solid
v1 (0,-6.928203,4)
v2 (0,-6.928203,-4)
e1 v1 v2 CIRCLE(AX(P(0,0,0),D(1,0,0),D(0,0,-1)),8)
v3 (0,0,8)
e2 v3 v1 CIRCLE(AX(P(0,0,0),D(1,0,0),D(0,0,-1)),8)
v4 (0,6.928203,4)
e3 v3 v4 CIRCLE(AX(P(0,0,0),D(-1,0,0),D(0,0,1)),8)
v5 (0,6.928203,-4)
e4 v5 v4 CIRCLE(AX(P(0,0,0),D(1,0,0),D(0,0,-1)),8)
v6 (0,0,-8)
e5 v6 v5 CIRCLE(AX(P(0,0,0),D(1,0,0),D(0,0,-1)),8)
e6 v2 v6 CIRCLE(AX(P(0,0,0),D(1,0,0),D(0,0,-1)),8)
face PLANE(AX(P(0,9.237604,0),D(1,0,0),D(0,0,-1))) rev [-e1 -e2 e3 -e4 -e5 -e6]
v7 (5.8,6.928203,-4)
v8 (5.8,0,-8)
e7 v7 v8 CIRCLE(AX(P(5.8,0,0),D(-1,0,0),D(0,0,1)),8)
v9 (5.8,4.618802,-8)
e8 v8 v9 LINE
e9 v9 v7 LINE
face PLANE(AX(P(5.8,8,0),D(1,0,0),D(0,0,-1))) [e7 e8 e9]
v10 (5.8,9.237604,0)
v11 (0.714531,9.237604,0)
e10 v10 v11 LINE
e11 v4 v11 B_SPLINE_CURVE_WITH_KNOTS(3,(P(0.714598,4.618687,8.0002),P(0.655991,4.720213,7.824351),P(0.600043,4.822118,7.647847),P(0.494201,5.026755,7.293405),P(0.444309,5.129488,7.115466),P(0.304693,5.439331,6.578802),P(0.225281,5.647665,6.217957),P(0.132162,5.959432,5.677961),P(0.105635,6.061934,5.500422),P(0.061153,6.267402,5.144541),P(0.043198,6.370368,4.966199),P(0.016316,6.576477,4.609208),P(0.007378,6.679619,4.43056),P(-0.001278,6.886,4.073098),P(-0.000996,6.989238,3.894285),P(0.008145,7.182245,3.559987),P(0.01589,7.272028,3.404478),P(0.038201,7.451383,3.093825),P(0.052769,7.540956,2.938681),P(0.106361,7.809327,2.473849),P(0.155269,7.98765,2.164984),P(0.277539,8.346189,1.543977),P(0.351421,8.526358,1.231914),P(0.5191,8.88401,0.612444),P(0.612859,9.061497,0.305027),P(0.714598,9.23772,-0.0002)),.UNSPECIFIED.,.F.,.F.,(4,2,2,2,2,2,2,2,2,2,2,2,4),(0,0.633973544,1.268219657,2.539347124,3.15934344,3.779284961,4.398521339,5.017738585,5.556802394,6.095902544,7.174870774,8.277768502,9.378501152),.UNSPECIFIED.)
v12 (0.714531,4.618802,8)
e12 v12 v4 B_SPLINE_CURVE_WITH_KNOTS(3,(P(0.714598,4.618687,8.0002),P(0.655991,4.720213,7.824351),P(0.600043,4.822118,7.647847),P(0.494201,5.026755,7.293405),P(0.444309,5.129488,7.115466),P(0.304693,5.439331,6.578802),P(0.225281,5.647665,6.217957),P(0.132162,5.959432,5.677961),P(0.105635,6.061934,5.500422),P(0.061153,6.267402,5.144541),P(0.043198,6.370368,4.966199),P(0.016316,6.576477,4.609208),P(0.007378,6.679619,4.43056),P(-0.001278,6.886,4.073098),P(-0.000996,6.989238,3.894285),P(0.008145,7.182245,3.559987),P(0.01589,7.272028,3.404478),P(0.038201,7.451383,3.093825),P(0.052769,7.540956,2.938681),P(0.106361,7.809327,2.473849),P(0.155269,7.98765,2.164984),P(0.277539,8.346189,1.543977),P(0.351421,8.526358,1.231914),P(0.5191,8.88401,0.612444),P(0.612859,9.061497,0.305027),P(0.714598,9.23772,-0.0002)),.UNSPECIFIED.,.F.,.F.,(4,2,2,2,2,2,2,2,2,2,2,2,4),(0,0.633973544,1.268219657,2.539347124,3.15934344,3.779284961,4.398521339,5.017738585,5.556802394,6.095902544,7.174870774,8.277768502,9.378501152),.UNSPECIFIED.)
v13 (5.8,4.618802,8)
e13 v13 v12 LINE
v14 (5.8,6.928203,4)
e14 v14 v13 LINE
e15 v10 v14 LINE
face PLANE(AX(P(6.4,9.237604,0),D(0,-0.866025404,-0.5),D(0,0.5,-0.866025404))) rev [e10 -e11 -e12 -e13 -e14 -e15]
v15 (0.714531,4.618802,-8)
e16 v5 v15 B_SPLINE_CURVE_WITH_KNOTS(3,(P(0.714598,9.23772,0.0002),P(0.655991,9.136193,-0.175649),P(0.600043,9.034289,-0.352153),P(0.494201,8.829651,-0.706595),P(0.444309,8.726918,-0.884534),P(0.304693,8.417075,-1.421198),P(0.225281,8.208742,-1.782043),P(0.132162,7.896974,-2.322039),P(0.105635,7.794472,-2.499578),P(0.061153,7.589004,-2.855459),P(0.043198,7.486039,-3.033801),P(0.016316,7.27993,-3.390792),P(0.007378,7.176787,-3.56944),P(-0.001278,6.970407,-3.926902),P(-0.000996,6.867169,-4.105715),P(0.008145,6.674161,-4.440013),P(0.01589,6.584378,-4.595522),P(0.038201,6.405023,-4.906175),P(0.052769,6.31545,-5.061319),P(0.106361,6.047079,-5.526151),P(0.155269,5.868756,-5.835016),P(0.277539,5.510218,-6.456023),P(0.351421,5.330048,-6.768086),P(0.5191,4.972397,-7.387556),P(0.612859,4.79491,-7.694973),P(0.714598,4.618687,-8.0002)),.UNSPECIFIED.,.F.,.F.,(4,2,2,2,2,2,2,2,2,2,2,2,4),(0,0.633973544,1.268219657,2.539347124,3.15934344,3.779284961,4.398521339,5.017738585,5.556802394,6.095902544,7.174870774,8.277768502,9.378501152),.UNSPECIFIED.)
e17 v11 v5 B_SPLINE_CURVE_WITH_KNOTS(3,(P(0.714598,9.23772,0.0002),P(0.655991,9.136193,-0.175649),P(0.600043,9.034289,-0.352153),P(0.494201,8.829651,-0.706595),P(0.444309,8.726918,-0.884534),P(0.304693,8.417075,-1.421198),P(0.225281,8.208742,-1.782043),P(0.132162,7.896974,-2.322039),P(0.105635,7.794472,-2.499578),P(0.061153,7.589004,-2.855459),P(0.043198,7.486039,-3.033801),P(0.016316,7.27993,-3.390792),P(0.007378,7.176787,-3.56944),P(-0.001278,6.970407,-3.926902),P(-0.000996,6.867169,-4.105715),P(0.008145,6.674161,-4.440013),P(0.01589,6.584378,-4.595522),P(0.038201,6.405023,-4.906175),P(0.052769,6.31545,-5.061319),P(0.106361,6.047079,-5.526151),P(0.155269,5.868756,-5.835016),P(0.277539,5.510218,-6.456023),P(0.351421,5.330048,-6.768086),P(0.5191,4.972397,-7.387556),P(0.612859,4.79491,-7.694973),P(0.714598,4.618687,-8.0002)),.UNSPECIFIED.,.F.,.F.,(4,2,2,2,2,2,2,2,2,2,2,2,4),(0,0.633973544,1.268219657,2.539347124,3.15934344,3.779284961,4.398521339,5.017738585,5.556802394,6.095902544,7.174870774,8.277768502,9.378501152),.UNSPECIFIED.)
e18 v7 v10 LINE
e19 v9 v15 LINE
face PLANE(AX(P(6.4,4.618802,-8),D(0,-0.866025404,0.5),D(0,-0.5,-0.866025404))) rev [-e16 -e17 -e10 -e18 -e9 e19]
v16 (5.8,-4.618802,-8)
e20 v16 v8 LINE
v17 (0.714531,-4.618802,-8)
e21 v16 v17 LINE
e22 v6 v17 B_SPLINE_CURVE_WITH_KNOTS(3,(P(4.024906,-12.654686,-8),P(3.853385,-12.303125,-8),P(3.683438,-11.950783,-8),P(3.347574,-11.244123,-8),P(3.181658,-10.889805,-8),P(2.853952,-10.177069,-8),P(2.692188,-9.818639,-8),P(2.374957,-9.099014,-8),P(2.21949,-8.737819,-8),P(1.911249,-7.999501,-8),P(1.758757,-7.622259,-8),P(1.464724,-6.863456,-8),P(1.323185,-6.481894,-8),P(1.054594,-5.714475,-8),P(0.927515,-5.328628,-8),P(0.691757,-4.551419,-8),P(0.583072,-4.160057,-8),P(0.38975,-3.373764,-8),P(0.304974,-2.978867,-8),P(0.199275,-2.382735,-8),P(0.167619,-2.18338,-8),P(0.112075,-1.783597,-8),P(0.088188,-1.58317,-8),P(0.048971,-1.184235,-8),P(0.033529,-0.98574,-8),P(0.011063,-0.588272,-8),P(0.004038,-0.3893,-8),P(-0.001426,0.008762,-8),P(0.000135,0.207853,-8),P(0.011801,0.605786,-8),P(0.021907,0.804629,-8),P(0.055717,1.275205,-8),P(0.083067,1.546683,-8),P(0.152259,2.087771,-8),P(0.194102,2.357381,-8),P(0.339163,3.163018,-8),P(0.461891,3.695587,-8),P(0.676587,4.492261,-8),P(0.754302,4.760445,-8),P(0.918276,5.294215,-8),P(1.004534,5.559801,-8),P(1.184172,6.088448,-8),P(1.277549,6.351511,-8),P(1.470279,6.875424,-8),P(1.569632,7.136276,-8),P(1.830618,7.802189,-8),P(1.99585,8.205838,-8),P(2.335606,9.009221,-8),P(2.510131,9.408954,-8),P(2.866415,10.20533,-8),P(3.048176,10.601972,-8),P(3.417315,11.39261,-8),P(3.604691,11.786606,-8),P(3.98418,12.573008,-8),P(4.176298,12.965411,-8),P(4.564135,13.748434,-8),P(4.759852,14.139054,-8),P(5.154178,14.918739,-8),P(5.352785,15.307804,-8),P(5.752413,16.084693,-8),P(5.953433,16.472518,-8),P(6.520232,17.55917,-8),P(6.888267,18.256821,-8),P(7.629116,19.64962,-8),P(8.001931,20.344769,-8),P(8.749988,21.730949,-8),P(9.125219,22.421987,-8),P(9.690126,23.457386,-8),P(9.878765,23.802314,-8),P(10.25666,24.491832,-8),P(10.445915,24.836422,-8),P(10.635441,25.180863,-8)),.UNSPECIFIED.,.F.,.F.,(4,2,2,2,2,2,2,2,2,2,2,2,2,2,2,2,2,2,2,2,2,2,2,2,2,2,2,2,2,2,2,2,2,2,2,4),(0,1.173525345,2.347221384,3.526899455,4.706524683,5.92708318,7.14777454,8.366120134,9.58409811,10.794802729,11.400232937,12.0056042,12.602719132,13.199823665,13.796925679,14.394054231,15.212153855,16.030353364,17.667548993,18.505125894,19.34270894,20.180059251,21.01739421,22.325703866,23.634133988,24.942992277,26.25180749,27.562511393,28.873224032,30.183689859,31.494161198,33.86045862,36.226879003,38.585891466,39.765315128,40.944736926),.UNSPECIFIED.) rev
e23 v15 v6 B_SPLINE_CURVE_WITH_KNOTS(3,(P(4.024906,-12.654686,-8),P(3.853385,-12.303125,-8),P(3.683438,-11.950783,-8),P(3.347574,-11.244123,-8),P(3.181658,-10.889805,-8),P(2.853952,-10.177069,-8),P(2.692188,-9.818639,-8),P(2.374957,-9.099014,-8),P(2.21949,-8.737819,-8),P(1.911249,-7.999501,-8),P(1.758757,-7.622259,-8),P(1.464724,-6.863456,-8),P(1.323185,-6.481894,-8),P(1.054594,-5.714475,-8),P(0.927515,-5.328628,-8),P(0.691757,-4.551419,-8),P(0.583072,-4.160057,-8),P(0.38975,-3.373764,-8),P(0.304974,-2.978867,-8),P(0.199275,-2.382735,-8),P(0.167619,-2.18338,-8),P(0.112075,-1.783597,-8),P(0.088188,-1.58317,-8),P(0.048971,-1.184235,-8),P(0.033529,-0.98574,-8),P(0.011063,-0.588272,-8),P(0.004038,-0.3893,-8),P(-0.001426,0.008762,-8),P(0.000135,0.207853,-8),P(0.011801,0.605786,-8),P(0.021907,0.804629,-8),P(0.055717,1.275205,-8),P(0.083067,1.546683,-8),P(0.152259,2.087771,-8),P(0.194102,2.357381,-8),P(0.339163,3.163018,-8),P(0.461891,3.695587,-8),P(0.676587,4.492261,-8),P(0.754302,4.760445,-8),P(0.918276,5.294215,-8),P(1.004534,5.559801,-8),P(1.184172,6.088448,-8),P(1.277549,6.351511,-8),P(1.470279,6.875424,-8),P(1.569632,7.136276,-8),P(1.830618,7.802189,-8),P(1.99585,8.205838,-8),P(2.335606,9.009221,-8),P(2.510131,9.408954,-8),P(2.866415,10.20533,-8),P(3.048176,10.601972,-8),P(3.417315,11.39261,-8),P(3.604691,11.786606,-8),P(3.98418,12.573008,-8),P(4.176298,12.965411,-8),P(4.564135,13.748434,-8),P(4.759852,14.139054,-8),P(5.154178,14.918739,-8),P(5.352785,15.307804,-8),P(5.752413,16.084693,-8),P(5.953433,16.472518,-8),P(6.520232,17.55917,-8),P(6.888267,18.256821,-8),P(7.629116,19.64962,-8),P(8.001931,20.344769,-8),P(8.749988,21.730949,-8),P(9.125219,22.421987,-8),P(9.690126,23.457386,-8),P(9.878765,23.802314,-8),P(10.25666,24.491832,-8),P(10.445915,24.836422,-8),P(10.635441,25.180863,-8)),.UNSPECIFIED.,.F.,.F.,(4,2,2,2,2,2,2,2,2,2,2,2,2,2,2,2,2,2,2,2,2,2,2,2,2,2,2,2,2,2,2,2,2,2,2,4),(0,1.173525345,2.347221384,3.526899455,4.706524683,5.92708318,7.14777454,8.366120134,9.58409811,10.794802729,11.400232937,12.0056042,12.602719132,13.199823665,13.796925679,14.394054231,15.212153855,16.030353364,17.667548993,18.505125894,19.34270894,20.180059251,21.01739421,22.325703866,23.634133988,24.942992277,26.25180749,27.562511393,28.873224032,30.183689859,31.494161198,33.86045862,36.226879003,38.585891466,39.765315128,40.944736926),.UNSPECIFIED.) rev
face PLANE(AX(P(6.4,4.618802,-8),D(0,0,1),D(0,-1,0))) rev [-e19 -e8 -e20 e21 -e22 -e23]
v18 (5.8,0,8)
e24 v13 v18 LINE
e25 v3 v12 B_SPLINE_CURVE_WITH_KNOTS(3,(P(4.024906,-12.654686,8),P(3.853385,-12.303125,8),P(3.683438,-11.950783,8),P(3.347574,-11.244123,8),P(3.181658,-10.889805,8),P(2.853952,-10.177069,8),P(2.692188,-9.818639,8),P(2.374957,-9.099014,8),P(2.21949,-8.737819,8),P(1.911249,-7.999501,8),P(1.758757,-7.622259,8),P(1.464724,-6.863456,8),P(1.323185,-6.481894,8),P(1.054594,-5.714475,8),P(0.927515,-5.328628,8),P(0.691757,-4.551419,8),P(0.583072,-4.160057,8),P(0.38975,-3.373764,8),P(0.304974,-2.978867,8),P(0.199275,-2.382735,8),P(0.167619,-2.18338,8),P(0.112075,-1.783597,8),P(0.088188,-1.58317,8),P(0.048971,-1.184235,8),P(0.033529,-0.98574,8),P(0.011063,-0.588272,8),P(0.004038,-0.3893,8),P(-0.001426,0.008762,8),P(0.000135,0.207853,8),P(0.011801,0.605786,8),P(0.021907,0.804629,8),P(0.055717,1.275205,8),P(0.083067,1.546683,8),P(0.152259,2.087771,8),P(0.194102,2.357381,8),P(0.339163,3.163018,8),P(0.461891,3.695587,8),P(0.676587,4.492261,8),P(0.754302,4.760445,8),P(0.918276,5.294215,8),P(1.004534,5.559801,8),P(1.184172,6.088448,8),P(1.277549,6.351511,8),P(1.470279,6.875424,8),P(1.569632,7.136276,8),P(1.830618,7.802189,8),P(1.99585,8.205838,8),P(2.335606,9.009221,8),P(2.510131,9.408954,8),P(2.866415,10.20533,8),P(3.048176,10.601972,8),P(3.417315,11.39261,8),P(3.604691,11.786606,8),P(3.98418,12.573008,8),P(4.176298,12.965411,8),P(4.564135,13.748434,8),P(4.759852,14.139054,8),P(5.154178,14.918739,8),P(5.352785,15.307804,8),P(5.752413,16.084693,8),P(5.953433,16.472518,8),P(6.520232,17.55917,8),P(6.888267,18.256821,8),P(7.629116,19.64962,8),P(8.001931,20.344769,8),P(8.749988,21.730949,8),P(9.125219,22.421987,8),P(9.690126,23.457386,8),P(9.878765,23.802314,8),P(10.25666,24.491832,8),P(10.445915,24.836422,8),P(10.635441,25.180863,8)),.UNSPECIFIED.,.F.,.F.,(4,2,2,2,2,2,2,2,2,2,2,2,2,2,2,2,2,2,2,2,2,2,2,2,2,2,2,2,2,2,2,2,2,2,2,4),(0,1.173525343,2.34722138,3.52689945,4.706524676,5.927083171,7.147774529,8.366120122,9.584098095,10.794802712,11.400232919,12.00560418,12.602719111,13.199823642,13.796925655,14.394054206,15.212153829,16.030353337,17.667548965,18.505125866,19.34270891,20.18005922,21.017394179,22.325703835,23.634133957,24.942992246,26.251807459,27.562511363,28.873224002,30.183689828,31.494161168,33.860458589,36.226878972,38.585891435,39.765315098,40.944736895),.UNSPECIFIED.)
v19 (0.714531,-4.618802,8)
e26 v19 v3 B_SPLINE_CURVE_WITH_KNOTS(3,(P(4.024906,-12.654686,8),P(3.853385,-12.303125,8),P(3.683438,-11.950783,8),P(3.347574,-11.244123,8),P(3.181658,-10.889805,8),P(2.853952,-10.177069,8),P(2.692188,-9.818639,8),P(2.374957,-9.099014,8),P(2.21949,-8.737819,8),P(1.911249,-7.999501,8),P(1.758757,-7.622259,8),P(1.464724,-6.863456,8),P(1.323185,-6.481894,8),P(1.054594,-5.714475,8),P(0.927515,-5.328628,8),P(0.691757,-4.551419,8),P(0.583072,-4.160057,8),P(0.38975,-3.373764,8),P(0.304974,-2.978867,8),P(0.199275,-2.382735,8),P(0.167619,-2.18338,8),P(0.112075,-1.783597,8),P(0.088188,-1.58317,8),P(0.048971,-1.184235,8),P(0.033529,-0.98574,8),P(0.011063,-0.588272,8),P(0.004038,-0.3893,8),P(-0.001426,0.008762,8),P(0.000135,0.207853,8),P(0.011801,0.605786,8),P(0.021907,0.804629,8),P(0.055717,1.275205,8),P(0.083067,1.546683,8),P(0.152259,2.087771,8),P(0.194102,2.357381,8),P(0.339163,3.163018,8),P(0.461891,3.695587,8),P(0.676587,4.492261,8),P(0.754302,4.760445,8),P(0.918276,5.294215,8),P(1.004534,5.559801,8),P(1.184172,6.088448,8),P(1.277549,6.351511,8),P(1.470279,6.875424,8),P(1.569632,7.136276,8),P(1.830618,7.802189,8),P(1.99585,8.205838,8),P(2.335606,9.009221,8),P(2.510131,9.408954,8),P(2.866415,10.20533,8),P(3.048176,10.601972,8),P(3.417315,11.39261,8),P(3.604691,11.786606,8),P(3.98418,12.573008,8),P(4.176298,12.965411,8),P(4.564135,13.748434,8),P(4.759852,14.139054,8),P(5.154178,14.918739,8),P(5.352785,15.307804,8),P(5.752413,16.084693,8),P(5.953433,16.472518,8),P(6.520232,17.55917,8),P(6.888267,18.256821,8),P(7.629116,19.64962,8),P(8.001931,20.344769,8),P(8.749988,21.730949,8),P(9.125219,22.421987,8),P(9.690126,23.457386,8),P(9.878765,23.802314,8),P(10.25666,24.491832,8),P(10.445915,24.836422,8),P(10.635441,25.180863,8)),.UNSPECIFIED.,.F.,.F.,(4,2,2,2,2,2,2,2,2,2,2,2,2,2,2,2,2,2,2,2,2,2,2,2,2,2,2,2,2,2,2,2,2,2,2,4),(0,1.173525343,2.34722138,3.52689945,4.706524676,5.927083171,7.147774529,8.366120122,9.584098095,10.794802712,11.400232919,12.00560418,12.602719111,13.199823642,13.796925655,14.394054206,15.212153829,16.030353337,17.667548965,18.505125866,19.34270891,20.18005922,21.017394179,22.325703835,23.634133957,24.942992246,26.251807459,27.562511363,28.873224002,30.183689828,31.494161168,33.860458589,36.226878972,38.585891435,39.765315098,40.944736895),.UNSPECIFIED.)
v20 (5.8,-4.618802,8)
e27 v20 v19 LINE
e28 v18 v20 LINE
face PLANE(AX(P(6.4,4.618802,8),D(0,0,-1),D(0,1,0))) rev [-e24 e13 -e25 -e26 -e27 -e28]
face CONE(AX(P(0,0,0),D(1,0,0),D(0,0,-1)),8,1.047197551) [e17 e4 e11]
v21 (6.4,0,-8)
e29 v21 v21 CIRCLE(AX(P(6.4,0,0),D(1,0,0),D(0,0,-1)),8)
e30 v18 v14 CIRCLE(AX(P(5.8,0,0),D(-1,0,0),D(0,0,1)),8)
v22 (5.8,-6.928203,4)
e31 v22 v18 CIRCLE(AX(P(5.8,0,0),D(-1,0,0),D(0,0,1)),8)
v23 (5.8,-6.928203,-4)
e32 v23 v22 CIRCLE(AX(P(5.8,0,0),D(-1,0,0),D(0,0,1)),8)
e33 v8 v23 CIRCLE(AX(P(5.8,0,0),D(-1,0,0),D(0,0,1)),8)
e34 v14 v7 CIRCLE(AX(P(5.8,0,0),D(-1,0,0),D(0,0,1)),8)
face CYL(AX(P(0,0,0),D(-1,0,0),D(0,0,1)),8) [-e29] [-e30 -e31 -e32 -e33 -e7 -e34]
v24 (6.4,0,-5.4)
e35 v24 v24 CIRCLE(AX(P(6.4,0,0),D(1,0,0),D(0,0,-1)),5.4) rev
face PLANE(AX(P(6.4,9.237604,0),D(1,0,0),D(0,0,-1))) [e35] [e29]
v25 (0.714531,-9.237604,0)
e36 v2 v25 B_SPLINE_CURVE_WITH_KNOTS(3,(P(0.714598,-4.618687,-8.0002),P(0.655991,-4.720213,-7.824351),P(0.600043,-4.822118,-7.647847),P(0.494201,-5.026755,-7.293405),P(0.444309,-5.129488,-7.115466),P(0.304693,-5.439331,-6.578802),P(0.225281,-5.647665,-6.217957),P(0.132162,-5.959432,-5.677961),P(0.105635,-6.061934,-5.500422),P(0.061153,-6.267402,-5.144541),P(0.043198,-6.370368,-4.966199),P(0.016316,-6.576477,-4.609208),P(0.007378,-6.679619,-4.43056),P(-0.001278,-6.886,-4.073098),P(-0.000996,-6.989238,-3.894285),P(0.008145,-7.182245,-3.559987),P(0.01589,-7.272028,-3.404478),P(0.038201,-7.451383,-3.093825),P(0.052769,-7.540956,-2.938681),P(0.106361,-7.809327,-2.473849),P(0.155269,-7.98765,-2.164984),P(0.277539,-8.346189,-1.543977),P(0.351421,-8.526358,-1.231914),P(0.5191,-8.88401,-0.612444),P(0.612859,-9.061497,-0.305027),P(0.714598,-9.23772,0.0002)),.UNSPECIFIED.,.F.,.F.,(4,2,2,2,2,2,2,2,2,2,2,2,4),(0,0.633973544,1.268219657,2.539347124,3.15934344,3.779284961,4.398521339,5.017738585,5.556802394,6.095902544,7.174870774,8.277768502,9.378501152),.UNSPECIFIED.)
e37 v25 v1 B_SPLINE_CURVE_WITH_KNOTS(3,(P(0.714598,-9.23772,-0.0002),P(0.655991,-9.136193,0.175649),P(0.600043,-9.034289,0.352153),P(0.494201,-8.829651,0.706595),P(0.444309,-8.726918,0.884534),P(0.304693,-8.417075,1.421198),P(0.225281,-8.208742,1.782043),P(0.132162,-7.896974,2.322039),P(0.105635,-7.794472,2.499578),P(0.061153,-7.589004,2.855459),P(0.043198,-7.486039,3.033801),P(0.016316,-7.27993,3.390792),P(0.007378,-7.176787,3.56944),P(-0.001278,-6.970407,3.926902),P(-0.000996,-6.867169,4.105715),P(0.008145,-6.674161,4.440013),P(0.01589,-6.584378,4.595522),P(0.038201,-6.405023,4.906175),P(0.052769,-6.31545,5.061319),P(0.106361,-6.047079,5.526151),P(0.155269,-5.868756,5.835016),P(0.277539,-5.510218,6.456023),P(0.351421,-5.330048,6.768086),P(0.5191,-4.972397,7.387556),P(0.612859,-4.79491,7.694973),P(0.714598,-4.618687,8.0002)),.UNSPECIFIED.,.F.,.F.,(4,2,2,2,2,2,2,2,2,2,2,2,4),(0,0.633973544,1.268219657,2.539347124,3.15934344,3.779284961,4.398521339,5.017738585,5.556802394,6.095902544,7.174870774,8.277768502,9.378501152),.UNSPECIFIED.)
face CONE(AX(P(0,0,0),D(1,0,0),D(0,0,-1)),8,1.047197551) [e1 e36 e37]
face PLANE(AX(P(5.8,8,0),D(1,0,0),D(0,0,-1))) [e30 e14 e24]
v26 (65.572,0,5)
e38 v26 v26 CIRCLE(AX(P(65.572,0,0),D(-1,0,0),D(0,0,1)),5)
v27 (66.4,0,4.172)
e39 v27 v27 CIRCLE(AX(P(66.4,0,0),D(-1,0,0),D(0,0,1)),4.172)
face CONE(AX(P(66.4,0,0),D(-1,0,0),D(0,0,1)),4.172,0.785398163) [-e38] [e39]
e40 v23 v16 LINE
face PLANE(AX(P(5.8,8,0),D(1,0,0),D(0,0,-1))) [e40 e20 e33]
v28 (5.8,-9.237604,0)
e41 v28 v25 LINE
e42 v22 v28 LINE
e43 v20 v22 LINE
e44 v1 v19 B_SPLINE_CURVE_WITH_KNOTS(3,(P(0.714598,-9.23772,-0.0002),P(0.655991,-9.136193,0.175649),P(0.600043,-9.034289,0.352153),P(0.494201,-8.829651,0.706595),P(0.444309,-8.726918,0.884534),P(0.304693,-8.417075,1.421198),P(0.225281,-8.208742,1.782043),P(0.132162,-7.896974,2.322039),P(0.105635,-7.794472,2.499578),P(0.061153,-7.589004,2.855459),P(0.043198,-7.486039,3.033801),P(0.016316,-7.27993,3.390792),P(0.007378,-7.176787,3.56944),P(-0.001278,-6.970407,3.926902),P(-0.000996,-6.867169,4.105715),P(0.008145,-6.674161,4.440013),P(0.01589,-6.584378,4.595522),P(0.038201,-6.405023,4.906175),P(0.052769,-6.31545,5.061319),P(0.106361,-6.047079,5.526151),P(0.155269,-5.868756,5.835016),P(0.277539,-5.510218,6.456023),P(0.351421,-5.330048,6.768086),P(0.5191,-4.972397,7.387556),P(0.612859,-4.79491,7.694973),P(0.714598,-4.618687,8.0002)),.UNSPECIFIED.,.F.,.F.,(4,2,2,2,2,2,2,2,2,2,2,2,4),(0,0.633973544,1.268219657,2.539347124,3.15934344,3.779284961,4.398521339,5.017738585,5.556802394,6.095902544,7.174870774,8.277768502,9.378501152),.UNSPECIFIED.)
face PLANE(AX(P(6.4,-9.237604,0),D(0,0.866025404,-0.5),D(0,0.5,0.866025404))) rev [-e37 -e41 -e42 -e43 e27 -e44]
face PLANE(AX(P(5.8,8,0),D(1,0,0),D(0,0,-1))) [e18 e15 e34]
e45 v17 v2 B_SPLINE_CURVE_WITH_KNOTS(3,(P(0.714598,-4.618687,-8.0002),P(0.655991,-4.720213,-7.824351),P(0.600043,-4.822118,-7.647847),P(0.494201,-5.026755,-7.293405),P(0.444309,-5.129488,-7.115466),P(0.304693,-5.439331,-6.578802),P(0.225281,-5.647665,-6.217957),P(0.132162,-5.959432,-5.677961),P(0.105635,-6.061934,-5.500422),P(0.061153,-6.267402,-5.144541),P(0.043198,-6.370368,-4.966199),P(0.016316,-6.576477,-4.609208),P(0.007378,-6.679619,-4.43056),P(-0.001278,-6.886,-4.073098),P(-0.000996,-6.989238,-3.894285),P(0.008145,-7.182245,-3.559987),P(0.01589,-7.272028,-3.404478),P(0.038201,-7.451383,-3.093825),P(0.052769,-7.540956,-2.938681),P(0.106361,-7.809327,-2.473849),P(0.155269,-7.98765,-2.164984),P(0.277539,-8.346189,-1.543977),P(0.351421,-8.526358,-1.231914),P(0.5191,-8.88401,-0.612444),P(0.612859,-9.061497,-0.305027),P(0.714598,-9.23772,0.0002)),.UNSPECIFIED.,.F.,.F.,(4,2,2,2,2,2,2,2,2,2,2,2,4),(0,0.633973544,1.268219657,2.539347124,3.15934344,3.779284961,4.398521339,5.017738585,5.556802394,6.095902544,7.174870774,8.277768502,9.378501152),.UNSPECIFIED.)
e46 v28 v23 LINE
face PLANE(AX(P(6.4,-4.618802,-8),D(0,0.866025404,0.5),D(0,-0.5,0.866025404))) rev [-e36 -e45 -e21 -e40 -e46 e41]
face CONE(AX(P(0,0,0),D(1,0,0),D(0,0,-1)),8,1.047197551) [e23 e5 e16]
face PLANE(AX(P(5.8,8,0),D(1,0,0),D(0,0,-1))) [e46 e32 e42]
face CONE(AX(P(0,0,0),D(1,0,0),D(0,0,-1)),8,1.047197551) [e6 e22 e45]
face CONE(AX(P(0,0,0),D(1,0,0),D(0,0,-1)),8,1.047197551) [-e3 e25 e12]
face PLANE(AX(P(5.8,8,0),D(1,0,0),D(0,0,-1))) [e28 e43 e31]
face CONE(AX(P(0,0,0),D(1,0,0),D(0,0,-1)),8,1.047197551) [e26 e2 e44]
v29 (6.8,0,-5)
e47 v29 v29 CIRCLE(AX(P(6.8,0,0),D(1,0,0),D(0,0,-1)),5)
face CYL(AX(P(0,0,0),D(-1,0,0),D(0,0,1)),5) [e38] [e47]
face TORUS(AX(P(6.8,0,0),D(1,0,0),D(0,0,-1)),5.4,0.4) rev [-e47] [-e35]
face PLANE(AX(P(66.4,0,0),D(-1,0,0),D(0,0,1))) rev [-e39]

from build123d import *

# Parameters (mm, degrees)
BASEHEAD_DEPTH = 6.4
HEADFILLET_R   = 0.4
SKETCH4_W      = 0.6
SKETCH4_H      = 11.237604307


with BuildPart() as part:
    # Sketch1 → BaseHead (new body)
    with BuildSketch(Plane(origin=(0, 0, 0), x_dir=(0, 0, -1), z_dir=(1, 0, 0))):
        Polygon((8, 4.618802154), (8, -4.618802154), (0, -9.237604307), (-8, -4.618802154), (-8, 4.618802154), (0, 9.237604307), align=None)
    extrude(amount=BASEHEAD_DEPTH)

    # BodySke → BaseBody (revolve)
    with BuildSketch(Plane.XY):
        Polygon((0, 0), (66.4, 0), (66.4, 4.172), (65.572, 5), (0, 5), align=None)
    revolve(axis=Axis((0, 0, 0), (1, 0, 0)))

    # HeadFillet
    headfillet_edges = [part.edges().sort_by_distance(p)[0] for p in [
        (6.4, -5, 0),
    ]]
    fillet(headfillet_edges, radius=HEADFILLET_R)

    # Sketch3 → HeadChamfer (revolve, cut)
    with BuildSketch(Plane.XY):
        Polygon((0, 8), (3.601282526, 14.237604307), (3.601282526, 19.237604307), (-10, 19.237604307), (-10, 8), align=None)
    revolve(axis=Axis((0, 0, 0), (1, 0, 0)), mode=Mode.SUBTRACT)

    # Sketch4 → BearingFace (revolve, cut)
    with BuildSketch(Plane.XY):
        with Locations((6.1, 13.618802154)):
            Rectangle(SKETCH4_W, SKETCH4_H)
    revolve(axis=Axis((0, 0, 0), (1, 0, 0)), mode=Mode.SUBTRACT)


solid = part.part
